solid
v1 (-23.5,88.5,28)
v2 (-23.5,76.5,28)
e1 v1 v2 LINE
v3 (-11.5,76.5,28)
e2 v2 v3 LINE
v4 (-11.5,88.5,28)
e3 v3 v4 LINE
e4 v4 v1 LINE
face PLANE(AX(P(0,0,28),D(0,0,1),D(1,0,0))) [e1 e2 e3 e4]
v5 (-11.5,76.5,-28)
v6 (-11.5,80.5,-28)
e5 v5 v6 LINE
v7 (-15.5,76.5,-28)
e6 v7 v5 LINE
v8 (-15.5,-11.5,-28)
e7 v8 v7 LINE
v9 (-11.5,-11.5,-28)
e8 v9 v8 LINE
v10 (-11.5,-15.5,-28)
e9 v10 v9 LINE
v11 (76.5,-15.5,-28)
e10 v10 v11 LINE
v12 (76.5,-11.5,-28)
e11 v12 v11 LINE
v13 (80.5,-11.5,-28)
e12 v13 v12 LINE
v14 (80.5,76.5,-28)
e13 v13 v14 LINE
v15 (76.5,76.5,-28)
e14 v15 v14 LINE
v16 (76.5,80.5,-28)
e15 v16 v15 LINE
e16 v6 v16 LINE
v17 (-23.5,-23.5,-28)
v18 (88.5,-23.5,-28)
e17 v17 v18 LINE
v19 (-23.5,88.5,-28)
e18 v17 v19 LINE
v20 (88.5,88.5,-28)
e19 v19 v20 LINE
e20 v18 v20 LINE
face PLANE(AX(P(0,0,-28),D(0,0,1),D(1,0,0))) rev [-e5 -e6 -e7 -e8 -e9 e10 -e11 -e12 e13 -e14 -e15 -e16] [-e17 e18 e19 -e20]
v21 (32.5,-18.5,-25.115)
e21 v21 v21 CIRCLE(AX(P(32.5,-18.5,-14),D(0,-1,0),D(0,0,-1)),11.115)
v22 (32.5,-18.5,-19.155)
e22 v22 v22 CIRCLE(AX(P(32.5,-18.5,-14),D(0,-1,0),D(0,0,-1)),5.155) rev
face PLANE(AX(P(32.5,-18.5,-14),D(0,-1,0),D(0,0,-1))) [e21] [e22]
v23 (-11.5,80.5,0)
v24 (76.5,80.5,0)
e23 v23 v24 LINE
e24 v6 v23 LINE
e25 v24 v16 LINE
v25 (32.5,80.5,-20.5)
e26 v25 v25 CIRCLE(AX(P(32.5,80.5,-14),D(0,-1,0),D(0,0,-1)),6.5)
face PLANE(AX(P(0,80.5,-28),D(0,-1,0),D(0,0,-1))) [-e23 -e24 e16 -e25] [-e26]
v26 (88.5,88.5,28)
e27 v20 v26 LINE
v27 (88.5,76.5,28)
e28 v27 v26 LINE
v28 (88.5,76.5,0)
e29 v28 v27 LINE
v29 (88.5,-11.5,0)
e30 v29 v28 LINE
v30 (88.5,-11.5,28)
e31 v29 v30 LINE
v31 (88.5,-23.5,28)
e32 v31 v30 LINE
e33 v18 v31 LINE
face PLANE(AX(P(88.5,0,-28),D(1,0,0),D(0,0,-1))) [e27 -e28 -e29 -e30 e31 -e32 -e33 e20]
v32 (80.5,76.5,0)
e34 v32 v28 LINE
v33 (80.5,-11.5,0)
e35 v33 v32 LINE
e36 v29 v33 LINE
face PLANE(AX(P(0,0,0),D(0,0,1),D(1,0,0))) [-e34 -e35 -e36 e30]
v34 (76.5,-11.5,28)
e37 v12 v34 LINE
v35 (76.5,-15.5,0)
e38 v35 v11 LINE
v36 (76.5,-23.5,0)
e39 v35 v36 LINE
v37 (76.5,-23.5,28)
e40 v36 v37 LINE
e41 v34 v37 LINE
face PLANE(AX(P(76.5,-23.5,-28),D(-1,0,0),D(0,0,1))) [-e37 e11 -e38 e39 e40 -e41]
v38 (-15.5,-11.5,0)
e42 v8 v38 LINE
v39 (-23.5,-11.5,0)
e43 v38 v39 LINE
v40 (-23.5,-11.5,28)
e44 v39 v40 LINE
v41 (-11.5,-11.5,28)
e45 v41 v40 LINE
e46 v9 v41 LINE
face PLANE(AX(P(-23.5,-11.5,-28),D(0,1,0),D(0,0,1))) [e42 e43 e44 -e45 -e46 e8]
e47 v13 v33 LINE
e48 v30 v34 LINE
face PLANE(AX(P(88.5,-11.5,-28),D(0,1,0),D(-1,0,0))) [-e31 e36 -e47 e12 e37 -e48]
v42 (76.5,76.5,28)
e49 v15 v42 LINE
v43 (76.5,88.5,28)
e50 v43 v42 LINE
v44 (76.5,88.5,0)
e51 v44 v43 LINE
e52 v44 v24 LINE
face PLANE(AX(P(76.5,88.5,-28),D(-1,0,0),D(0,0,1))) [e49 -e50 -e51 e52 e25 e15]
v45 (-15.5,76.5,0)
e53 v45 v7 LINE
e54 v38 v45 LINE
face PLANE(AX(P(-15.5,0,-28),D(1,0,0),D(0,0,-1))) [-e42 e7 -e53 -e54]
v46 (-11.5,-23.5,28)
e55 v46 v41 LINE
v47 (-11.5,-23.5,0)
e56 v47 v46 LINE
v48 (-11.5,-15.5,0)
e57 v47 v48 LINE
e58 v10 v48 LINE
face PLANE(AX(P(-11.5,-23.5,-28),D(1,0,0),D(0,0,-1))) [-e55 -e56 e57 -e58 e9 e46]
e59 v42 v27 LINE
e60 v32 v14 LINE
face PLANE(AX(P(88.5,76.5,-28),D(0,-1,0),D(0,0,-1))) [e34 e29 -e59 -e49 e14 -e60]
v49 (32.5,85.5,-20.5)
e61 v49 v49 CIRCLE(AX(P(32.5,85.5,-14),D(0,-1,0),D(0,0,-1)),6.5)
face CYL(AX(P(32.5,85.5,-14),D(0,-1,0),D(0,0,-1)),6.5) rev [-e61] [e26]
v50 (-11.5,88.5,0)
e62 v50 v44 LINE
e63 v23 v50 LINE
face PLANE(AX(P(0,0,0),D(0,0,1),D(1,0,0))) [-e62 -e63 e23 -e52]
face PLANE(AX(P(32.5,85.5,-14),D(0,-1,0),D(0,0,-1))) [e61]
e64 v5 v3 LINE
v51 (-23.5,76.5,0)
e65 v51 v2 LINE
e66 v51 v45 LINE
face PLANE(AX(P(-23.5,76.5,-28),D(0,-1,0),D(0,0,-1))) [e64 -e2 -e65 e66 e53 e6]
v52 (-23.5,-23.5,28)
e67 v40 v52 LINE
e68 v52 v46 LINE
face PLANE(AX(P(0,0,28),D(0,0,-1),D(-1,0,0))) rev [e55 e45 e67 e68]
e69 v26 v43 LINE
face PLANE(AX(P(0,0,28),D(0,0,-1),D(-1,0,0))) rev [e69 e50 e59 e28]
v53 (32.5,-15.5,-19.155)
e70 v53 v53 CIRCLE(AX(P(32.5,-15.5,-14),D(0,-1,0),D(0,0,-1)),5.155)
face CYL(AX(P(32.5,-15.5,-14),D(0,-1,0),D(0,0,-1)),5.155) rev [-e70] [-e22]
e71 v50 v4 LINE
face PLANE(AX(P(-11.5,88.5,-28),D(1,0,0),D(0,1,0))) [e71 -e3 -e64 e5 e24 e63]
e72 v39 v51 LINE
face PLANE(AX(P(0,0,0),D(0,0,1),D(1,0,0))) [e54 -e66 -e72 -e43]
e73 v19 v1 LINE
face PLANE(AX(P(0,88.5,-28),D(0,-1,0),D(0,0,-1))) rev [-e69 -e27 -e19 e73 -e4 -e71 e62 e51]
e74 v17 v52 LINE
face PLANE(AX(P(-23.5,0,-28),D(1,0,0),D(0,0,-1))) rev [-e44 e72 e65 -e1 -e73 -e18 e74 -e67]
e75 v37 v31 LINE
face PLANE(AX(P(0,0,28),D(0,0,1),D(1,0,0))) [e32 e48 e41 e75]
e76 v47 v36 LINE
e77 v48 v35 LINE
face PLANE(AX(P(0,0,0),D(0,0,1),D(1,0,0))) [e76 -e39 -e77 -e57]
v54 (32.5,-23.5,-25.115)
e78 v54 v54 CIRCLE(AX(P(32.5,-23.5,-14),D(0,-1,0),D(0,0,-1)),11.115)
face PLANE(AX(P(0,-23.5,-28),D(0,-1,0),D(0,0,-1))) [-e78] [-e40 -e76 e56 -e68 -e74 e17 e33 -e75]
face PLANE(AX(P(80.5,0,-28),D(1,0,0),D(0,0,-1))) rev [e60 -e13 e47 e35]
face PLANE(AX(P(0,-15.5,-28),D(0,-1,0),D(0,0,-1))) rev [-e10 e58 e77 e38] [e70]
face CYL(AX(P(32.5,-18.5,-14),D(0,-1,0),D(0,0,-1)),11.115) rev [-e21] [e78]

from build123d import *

# Parameters (mm, degrees)
CROQUIS1_W                   = 112
CROQUIS1_H                   = 112
CROQUIS1_W_2                 = 96
CROQUIS1_H_2                 = 96
SALIENTE_EXTRUIR2_DEPTH      = 28
CROQUIS2_R                   = 5.155
CORTAR_EXTRUIR1_DEPTH        = 8
CROQUIS3_R                   = 11.115
CORTAR_EXTRUIR2_DEPTH        = 5
CROQUIS4_R                   = 6.5
CORTAR_EXTRUIR3_DEPTH        = 5
SALIENTE_EXTRUIR3_DEPTH      = 28
SALIENTE_EXTRUIR3_DEPTH_BACK = 28
CROQUIS5_W                   = 12
CROQUIS5_H                   = 12


with BuildPart() as part:
    # Croquis1 → Saliente-Extruir2 (new body)
    with BuildSketch(Plane.XY):
        with Locations((32.5, 32.5)):
            Rectangle(CROQUIS1_W, CROQUIS1_H)
        with Locations((32.5, 32.5)):
            Rectangle(CROQUIS1_W_2, CROQUIS1_H_2, mode=Mode.SUBTRACT)
    extrude(amount=-SALIENTE_EXTRUIR2_DEPTH)

    # Croquis2 → Cortar-Extruir1 (cut)
    with BuildSketch(Plane.XZ.offset(23.5)):
        with Locations((32.5, -14)):
            Circle(CROQUIS2_R)
    extrude(amount=-CORTAR_EXTRUIR1_DEPTH, mode=Mode.SUBTRACT)

    # Croquis3 → Cortar-Extruir2 (cut)
    with BuildSketch(Plane.XZ.offset(23.5)):
        with Locations((32.5, -14)):
            Circle(CROQUIS3_R)
    extrude(amount=-CORTAR_EXTRUIR2_DEPTH, mode=Mode.SUBTRACT)

    # Croquis4 → Cortar-Extruir3 (cut)
    with BuildSketch(Plane.XZ.offset(-80.5)):
        with Locations((32.5, -14)):
            Circle(CROQUIS4_R)
    extrude(amount=-CORTAR_EXTRUIR3_DEPTH, mode=Mode.SUBTRACT)

    # Croquis5 → Saliente-Extruir3 (add, two sides: drawn at the far end of the back side and taken through both)
    with BuildSketch(Plane.XY.offset(-SALIENTE_EXTRUIR3_DEPTH_BACK)):
        with Locations((-17.5, 82.5)):
            Rectangle(CROQUIS5_W, CROQUIS5_H)
        with Locations((-17.5, -17.5)):
            Rectangle(CROQUIS5_W, CROQUIS5_H)
        with Locations((82.5, -17.5)):
            Rectangle(CROQUIS5_W, CROQUIS5_H)
        with Locations((82.5, 82.5)):
            Rectangle(CROQUIS5_W, CROQUIS5_H)
    extrude(amount=SALIENTE_EXTRUIR3_DEPTH + SALIENTE_EXTRUIR3_DEPTH_BACK)


solid = part.part
